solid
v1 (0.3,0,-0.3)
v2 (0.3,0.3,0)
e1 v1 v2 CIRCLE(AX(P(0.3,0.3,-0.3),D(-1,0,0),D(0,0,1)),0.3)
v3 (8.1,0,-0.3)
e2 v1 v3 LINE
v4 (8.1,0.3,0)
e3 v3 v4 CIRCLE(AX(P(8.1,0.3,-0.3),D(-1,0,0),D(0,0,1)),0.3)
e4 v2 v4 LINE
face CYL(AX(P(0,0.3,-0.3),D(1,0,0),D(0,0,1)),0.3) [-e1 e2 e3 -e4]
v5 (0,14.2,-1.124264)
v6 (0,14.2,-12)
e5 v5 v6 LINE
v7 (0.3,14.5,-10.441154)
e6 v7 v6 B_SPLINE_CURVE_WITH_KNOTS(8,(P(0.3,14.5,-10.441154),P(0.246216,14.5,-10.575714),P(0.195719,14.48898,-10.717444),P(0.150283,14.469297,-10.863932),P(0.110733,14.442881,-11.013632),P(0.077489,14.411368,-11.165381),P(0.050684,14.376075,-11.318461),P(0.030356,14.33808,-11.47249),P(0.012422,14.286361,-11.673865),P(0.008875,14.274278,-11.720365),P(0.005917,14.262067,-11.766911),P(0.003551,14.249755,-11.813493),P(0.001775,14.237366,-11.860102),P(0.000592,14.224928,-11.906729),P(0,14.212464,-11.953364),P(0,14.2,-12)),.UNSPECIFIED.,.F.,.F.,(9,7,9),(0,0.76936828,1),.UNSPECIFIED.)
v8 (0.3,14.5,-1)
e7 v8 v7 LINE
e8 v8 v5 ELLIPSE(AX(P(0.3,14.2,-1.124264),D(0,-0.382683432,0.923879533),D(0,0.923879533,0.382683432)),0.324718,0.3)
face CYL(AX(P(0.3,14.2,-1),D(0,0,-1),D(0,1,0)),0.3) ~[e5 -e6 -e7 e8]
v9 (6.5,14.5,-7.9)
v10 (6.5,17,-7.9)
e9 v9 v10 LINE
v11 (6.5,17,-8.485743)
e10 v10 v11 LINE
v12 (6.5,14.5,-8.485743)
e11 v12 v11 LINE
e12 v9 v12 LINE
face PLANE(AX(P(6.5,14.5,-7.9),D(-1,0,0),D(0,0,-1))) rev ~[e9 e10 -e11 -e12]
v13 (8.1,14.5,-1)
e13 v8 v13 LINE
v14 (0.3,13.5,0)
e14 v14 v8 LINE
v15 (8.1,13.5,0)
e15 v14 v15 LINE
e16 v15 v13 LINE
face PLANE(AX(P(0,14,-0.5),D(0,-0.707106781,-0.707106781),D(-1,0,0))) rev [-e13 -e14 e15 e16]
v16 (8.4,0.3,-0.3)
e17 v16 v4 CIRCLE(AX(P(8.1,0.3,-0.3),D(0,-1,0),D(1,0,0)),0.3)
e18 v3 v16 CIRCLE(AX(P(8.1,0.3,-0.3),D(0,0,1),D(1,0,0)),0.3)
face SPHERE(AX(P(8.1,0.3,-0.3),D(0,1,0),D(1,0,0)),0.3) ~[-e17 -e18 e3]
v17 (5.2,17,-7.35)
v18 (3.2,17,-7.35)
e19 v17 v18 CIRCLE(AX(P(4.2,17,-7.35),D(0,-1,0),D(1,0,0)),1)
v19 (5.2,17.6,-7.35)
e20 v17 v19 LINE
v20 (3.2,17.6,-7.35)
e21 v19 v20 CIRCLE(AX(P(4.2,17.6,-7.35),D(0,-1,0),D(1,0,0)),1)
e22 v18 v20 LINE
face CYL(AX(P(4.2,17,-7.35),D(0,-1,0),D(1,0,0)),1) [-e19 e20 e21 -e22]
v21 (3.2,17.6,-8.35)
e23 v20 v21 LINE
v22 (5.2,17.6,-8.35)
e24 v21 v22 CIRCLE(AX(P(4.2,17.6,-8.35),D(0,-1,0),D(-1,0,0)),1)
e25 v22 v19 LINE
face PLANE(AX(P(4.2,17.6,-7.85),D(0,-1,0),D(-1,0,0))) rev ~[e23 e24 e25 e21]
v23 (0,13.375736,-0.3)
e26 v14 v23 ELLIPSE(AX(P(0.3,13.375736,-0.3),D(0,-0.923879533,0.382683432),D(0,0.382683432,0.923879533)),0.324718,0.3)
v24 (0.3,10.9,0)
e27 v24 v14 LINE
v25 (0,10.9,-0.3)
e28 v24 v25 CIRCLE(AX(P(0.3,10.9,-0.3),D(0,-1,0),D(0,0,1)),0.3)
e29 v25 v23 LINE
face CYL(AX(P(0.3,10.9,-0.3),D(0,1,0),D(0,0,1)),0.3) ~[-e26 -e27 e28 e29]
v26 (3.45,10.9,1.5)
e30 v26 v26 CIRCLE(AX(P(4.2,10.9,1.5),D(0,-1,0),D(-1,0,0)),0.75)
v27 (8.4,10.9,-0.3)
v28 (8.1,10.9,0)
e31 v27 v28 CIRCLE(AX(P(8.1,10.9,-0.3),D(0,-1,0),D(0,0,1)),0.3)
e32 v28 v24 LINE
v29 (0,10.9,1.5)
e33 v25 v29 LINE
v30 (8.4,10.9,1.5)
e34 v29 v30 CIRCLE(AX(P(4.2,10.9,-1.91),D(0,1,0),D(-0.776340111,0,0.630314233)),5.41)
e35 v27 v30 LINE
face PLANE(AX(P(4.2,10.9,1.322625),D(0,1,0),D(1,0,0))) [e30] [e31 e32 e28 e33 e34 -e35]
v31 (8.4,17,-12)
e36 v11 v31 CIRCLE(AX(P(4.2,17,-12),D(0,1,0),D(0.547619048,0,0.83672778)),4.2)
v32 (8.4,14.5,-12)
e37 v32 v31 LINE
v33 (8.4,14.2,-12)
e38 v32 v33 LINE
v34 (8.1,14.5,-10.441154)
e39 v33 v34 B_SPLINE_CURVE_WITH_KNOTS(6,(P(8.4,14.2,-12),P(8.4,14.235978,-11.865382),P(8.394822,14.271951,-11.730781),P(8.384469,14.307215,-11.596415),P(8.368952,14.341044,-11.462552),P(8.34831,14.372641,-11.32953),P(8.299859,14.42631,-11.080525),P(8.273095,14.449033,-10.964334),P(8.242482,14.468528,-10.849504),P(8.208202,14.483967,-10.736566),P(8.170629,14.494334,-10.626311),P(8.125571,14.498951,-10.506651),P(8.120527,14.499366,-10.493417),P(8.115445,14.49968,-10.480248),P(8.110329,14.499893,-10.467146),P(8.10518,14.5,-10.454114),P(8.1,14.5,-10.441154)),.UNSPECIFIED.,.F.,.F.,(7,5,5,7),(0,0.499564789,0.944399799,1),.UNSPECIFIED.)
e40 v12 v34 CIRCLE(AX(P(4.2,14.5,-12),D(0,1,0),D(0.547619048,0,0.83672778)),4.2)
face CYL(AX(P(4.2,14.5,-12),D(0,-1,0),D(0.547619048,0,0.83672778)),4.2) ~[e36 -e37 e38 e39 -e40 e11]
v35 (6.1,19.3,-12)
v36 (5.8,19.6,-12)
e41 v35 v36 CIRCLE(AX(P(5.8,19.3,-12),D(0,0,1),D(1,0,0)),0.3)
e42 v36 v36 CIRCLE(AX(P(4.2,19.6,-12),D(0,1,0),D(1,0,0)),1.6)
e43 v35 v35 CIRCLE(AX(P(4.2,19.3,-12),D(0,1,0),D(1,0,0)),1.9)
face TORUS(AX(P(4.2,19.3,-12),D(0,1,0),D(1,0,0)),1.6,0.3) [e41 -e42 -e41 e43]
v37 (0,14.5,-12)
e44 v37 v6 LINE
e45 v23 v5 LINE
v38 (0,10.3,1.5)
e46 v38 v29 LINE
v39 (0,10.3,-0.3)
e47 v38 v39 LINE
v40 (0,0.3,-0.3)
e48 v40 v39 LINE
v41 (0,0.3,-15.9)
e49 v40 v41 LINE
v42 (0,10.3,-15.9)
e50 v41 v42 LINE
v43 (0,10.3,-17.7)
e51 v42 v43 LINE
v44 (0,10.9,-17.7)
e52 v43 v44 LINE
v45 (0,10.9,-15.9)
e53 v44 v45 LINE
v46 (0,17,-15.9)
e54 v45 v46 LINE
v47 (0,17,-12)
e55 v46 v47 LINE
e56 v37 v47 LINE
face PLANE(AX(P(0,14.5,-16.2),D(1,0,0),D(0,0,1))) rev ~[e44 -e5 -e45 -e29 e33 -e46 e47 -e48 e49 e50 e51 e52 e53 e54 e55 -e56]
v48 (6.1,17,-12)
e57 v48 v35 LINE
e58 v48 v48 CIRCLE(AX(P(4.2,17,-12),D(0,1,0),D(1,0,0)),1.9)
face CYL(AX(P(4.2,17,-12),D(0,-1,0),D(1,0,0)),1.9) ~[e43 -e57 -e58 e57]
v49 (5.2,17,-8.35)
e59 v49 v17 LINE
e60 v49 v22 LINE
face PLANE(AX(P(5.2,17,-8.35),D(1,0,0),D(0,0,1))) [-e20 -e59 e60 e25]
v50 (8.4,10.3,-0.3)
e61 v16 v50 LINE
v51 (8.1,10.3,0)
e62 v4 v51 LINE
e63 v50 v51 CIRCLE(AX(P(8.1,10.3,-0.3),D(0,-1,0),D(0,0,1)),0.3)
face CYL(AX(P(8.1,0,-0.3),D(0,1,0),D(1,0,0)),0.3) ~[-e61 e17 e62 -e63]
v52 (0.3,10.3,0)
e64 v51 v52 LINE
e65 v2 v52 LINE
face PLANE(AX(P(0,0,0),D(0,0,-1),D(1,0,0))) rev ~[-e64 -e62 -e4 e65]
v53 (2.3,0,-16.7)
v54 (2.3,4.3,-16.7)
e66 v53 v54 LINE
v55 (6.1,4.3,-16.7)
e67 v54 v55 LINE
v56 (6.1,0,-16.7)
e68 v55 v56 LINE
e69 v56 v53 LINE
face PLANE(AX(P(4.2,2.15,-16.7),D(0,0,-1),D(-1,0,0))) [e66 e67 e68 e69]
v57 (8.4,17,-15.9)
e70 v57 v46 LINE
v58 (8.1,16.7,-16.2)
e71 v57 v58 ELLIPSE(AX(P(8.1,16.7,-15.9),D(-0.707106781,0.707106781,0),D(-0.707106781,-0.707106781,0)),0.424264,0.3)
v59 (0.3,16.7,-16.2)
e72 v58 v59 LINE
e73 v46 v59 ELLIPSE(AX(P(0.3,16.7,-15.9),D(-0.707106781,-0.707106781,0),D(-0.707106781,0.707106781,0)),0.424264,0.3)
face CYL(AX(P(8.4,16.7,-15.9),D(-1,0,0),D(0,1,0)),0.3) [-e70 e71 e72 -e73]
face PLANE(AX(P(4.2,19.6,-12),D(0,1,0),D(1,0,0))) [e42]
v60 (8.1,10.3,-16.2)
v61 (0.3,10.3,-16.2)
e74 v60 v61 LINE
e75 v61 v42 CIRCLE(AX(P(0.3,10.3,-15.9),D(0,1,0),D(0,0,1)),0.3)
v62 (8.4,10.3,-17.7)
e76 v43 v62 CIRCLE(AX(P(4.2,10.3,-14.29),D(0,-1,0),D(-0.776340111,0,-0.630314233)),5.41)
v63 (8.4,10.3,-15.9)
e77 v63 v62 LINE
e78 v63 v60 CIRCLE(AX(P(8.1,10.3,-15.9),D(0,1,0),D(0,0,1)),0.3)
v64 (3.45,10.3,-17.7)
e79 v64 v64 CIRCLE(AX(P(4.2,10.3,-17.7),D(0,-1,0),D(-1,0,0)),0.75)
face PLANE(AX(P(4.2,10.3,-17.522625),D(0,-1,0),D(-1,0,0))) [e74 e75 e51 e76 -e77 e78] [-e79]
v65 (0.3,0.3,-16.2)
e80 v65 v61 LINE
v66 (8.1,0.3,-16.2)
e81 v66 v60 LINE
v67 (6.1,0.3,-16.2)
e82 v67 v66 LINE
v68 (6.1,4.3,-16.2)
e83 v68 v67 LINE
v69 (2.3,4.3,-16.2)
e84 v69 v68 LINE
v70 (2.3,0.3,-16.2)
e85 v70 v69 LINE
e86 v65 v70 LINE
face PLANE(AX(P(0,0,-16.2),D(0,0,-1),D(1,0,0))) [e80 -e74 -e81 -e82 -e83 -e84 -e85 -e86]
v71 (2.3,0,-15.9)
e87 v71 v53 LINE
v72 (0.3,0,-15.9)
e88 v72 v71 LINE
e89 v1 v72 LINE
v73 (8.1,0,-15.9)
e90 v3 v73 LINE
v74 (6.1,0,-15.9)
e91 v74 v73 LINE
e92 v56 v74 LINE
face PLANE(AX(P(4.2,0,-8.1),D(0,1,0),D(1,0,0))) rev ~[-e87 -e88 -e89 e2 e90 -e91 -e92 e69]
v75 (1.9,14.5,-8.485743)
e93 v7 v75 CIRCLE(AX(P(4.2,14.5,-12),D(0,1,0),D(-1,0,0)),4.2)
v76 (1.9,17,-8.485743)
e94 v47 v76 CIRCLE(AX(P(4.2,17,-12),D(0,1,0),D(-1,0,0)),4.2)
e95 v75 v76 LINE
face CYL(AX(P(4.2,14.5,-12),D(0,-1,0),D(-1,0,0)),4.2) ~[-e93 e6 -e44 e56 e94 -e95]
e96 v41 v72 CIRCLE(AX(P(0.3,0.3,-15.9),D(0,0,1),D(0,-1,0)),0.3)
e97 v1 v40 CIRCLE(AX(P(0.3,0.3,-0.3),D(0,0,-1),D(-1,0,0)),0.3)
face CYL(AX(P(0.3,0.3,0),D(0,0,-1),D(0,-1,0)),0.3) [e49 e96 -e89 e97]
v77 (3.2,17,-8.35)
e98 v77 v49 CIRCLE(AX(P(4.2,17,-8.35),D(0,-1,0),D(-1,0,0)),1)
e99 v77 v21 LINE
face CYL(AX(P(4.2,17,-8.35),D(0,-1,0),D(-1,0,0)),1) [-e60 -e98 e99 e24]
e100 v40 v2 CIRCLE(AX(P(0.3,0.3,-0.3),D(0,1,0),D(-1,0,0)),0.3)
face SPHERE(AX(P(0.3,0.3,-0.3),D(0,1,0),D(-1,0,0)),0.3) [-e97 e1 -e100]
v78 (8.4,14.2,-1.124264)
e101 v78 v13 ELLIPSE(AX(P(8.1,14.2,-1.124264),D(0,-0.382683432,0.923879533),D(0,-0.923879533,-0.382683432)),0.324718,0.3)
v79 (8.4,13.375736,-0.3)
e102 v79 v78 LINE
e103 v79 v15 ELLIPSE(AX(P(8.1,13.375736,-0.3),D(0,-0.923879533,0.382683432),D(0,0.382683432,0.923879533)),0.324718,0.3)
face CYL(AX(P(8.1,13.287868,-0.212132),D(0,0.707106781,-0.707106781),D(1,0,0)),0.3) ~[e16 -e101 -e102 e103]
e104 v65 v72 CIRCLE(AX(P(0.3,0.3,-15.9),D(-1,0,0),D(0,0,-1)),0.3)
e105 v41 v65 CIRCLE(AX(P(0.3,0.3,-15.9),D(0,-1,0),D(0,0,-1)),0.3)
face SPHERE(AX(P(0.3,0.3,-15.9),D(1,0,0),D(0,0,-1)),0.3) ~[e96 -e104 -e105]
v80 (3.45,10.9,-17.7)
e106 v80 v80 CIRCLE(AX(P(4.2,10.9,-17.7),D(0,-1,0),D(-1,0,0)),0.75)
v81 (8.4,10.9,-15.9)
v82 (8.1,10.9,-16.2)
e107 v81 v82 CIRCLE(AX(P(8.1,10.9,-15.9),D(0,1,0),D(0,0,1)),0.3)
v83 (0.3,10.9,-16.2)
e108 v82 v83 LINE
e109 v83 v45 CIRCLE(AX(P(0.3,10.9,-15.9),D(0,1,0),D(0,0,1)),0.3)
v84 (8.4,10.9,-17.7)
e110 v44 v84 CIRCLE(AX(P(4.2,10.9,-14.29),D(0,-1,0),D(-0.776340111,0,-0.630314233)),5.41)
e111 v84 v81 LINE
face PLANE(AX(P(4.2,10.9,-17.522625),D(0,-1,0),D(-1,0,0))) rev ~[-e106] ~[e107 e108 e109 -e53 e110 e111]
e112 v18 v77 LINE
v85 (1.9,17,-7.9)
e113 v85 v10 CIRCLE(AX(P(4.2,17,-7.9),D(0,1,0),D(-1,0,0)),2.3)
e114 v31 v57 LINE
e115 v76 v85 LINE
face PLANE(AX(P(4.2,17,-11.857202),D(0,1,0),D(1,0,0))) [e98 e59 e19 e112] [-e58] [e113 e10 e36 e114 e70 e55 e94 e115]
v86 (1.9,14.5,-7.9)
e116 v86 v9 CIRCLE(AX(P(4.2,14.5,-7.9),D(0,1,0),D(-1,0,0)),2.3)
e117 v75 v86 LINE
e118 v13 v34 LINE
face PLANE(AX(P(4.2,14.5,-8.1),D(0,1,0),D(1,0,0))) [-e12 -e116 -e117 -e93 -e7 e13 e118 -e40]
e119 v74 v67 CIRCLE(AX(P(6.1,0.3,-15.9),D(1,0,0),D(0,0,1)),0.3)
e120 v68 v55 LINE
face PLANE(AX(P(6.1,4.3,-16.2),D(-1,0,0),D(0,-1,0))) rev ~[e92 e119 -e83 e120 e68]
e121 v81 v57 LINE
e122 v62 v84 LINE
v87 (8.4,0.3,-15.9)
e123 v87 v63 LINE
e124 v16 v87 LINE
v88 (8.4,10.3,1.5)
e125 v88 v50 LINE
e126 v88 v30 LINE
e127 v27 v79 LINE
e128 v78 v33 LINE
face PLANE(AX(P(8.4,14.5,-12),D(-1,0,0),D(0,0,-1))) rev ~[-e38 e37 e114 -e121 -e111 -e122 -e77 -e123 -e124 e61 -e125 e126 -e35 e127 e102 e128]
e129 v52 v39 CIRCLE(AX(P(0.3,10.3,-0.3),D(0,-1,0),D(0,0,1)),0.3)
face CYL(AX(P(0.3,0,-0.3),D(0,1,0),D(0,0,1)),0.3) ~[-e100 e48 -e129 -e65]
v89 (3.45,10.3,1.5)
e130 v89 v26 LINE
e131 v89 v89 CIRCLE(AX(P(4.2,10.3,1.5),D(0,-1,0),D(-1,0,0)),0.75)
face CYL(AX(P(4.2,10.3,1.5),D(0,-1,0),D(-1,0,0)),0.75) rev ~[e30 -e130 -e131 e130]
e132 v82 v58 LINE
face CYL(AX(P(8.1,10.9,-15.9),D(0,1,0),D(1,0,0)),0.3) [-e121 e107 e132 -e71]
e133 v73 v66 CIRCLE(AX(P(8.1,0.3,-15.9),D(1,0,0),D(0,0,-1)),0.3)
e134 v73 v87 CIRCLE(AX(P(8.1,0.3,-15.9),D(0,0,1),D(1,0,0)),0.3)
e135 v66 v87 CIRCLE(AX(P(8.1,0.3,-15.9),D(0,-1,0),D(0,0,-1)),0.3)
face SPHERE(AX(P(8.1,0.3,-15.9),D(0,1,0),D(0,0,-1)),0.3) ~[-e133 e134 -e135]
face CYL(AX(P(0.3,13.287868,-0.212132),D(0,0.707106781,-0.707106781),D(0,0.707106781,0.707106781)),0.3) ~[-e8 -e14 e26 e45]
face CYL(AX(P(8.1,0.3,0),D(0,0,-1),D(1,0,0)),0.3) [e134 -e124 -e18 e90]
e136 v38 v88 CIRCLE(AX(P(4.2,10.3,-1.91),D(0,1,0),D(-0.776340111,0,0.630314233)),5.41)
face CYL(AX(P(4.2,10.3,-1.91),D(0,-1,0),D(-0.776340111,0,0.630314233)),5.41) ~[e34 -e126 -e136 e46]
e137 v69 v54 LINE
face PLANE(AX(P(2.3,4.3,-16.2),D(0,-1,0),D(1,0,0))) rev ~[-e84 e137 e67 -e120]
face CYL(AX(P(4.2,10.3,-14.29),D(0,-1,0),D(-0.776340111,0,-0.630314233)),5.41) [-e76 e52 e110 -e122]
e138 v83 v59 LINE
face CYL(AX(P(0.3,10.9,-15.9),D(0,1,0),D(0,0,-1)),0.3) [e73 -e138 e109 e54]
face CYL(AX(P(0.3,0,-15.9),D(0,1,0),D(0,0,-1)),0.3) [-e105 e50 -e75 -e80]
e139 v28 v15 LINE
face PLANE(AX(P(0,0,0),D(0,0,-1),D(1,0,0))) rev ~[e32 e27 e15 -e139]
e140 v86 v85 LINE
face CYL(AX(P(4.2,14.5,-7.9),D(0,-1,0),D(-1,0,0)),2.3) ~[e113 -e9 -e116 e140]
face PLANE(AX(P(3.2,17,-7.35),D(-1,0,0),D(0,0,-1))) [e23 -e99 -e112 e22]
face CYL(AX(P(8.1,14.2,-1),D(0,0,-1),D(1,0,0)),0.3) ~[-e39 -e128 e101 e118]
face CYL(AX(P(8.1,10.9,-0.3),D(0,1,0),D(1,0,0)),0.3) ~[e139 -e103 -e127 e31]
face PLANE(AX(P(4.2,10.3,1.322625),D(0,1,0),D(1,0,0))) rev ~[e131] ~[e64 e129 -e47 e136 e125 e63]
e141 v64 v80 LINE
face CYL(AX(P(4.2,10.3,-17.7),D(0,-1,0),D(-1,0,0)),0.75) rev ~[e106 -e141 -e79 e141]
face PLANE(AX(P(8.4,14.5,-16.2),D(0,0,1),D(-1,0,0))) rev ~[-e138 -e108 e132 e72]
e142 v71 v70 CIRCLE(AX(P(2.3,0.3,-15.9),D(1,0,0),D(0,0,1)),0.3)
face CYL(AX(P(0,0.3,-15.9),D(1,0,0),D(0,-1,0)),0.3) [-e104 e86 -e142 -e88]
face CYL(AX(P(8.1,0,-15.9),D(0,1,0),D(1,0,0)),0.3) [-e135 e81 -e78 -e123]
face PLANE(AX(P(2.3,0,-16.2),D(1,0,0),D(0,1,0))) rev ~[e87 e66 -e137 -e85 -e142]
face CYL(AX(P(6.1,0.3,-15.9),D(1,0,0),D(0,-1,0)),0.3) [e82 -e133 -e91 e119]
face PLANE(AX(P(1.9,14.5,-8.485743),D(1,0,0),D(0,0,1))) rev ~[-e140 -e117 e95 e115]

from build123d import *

# Parameters (mm, degrees)
SKETCH_1_W      = 8.4
SKETCH_1_H      = 16.2
EXTRUDE_1_DEPTH = 14.5
SKETCH_3_R      = 0.75
EXTRUDE_2_DEPTH = 0.6
EXTRUDE_3_DEPTH = 2.5
SKETCH_5_R      = 1.9
EXTRUDE_4_DEPTH = 2.6
EXTRUDE_5_DEPTH = 0.6
EXTRUDE_6_DEPTH = 0.5
CHAMFER_1_SIZE  = 1
FILLET_1_R      = 0.3


with BuildPart() as part:
    # 草图1 → 凸台-拉伸1 (new body)
    with BuildSketch(Plane(origin=(0, 0, 0), x_dir=(1, 0, 0), z_dir=(0, 1, 0))):
        with Locations((4.2, 8.1)):
            Rectangle(SKETCH_1_W, SKETCH_1_H)
    extrude(amount=EXTRUDE_1_DEPTH)

    # 草图3 → 凸台-拉伸2 (add)
    with BuildSketch(Plane(origin=(0, 10.3, 0), x_dir=(-1, 0, 0), z_dir=(0, -1, 0))):
        with BuildLine():
            Line((0, 16.2), (0, 17.7))
            ThreePointArc((0, 17.7), (-4.2, 19.7), (-8.4, 17.7))
            Line((-8.4, 17.7), (-8.4, 16.2))
            Line((-8.4, 16.2), (0, 16.2))
        make_face()
        with Locations((-4.2, 17.7)):
            Circle(SKETCH_3_R, mode=Mode.SUBTRACT)
        with BuildLine():
            Line((-8.4, 0), (0, 0))
            Line((0, 0), (0, -1.5))
            ThreePointArc((0, -1.5), (-4.2, -3.5), (-8.4, -1.5))
            Line((-8.4, -1.5), (-8.4, 0))
        make_face()
        with Locations((-4.2, -1.5)):
            Circle(SKETCH_3_R, mode=Mode.SUBTRACT)
    extrude(amount=-EXTRUDE_2_DEPTH)

    # 草图4 → 凸台-拉伸3 (add)
    with BuildSketch(Plane(origin=(0, 14.5, 0), x_dir=(1, 0, 0), z_dir=(0, 1, 0))):
        with BuildLine():
            Line((8.4, 12), (8.4, 16.2))
            Line((8.4, 16.2), (0, 16.2))
            Line((0, 16.2), (0, 12))
            ThreePointArc((0, 12), (0.50540936, 10.002501564), (1.9, 8.485743322))
            Line((1.9, 8.485743322), (1.9, 7.9))
            ThreePointArc((1.9, 7.9), (4.2, 5.6), (6.5, 7.9))
            Line((6.5, 7.9), (6.5, 8.485743322))
            ThreePointArc((6.5, 8.485743322), (7.89459064, 10.002501564), (8.4, 12))
        make_face()
    extrude(amount=EXTRUDE_3_DEPTH)

    # 草图5 → 凸台-拉伸4 (add)
    with BuildSketch(Plane(origin=(0, 17, 0), x_dir=(1, 0, 0), z_dir=(0, 1, 0))):
        with Locations((4.2, 12)):
            Circle(SKETCH_5_R)
    extrude(amount=EXTRUDE_4_DEPTH)

    # 草图6 → 凸台-拉伸5 (add)
    with BuildSketch(Plane(origin=(0, 17, 0), x_dir=(1, 0, 0), z_dir=(0, 1, 0))):
        with BuildLine():
            Line((5.2, 8.35), (5.2, 7.35))
            ThreePointArc((5.2, 7.35), (4.2, 6.35), (3.2, 7.35))
            Line((3.2, 7.35), (3.2, 8.35))
            ThreePointArc((3.2, 8.35), (4.2, 9.35), (5.2, 8.35))
        make_face()
    extrude(amount=EXTRUDE_5_DEPTH)

    # 草图7 → 凸台-拉伸6 (add)
    with BuildSketch(Plane(origin=(0, 0, -16.2), x_dir=(-1, 0, 0), z_dir=(0, 0, -1))):
        Polygon((-4.2, 4.3), (-6.1, 4.3), (-6.1, 0), (-2.3, 0), (-2.3, 4.3), align=None)
    extrude(amount=EXTRUDE_6_DEPTH)

    # 倒角1
    chamfer_1_edges = [part.edges().sort_by_distance(p)[0] for p in [
        (4.2, 14.5, 0),
    ]]
    chamfer(chamfer_1_edges, length=CHAMFER_1_SIZE)

    # 圆角1
    fillet_1_edges = [part.edges().sort_by_distance(p)[0] for p in [
        (1.15, 0, -16.2),
        (8.4, 14.5, -6.5),
        (8.4, 12.2, 0),
        (8.4, 14, -0.5),
        (0, 12.2, 0),
        (0, 14, -0.5),
        (0, 5.15, -16.2),
        (8.4, 5.15, -16.2),
        (8.4, 5.15, 0),
        (0, 5.15, 0),
        (0, 14.5, -6.5),
        (0, 0, -8.1),
        (4.2, 17, -16.2),
        (7.25, 0, -16.2),
        (8.4, 0, -8.1),
        (4.2, 0, 0),
        (2.3, 19.6, -12),
        (0, 13.95, -16.2),
        (8.4, 13.95, -16.2),
    ]]
    fillet(fillet_1_edges, radius=FILLET_1_R)


solid = part.part
